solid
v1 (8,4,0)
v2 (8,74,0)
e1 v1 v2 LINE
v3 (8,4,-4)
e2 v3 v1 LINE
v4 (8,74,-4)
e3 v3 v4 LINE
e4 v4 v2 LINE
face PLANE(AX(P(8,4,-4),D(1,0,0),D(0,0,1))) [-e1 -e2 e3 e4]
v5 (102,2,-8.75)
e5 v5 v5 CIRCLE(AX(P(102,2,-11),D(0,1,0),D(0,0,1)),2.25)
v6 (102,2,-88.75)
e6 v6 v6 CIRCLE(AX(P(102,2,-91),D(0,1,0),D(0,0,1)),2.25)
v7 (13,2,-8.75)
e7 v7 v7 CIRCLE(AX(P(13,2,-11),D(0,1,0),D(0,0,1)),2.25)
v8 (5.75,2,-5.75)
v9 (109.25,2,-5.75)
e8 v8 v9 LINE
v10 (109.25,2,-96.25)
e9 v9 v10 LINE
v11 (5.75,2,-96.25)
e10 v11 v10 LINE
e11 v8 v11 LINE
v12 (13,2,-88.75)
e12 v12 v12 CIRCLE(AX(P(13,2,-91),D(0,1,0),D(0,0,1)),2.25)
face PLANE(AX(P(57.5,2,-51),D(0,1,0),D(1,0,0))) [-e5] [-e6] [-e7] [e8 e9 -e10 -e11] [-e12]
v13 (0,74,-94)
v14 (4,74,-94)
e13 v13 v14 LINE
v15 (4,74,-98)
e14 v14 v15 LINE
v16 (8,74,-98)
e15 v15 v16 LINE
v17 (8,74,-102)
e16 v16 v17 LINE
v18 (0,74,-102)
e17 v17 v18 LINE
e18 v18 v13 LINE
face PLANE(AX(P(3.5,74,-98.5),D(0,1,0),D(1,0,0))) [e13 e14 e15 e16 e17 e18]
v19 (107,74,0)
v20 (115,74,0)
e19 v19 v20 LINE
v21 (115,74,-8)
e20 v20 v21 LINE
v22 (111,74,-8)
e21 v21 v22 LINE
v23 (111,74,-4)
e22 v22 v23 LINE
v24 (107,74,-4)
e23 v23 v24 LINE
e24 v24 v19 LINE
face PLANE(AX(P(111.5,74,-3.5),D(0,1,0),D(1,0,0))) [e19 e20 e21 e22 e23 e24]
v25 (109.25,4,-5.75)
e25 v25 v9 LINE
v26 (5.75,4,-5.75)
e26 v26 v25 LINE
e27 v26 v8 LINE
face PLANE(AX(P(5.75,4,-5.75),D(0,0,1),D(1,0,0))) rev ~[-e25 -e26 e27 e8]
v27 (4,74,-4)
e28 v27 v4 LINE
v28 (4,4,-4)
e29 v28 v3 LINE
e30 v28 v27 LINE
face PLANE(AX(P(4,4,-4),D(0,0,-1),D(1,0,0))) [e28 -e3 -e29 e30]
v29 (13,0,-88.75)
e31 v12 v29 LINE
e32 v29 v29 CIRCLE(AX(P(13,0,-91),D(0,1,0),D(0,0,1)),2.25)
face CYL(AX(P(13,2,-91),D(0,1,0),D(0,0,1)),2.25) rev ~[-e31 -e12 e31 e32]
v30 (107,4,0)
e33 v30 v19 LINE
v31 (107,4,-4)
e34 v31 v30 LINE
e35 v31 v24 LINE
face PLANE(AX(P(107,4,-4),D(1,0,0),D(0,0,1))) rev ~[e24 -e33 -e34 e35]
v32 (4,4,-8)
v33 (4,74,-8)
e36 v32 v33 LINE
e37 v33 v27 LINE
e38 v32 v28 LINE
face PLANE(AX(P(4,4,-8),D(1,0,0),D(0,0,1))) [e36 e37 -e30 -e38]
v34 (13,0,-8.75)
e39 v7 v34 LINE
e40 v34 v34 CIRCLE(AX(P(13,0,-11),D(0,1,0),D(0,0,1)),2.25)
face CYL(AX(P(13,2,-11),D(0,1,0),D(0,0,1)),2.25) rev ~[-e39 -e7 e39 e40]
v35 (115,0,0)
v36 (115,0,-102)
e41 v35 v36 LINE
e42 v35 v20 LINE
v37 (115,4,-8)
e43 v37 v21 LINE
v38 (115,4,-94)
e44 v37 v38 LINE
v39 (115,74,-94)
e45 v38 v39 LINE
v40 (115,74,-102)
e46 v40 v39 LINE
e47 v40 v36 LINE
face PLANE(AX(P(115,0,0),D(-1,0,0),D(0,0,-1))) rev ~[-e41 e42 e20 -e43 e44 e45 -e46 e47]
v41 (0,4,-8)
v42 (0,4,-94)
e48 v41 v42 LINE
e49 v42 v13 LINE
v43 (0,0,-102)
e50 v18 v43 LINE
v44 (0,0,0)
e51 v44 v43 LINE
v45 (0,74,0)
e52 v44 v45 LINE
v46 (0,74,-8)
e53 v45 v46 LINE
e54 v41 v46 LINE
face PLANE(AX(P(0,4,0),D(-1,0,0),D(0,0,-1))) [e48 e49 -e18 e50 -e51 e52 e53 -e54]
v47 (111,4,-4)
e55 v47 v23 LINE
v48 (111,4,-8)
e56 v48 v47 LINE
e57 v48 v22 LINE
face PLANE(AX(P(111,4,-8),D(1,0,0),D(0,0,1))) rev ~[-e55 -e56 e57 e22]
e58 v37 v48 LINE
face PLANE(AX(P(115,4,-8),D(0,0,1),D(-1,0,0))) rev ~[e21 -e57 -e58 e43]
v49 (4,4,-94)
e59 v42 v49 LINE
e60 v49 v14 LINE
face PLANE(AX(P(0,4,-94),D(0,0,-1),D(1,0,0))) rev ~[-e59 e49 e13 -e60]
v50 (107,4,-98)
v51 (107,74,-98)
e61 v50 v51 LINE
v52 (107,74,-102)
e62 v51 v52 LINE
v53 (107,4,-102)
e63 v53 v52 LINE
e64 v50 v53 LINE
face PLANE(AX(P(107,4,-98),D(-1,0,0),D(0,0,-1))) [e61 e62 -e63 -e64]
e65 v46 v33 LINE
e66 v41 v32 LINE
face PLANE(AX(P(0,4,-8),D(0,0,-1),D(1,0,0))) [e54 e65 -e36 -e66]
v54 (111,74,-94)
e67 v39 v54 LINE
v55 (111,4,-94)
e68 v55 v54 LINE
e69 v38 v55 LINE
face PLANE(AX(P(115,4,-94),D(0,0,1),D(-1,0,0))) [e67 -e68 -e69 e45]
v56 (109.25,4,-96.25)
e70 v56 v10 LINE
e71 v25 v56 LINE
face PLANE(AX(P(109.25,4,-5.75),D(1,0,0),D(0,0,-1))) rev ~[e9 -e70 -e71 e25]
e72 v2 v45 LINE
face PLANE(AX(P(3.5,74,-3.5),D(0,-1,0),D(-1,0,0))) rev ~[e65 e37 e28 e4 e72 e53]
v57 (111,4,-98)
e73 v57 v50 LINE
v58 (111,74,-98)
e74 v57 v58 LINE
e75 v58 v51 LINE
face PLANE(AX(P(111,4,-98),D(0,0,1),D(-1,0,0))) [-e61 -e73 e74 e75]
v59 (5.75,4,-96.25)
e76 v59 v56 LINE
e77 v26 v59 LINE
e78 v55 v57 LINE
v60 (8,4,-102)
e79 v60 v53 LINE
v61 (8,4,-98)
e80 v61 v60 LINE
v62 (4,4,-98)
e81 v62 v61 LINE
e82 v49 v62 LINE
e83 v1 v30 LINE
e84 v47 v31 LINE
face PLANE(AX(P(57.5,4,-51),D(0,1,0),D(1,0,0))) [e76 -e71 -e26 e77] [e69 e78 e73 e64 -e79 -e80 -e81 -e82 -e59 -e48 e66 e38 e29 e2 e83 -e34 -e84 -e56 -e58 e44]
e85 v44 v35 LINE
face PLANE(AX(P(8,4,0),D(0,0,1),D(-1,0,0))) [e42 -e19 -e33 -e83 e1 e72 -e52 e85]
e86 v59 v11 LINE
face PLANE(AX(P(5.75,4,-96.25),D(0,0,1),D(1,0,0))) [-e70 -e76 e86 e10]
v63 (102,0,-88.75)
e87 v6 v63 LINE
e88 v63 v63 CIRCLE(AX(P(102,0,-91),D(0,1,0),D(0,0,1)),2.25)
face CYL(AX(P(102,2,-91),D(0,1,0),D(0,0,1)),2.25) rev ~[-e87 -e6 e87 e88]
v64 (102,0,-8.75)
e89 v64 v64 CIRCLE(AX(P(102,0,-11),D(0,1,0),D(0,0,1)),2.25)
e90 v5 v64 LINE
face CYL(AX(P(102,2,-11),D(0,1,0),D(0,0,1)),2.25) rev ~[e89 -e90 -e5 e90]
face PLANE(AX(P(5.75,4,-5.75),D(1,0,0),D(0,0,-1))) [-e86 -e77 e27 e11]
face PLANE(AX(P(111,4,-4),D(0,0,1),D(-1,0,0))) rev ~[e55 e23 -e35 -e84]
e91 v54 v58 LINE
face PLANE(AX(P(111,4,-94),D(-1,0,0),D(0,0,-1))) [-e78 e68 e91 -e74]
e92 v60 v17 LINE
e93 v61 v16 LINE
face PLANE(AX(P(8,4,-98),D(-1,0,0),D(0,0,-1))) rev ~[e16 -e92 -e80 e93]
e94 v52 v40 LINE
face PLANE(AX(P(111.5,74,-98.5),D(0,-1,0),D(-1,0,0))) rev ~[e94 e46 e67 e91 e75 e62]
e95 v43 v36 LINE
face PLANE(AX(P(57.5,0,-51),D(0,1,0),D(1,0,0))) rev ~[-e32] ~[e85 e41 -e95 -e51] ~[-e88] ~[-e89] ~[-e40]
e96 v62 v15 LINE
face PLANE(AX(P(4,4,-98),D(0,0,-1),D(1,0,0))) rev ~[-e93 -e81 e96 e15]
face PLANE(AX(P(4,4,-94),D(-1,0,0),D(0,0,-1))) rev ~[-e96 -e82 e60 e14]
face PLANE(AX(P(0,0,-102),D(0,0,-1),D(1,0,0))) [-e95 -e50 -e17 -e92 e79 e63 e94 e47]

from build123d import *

# Parameters (mm, degrees)
SKETCH1_W           = 115
SKETCH1_H           = 102
BOSS_EXTRUDE1_DEPTH = 4
SKETCH11_W          = 103.5
SKETCH11_H          = 90.5
CUT_EXTRUDE5_DEPTH  = 2
SKETCH16_R          = 2.25
CUT_EXTRUDE7_DEPTH  = 13
BOSS_EXTRUDE4_DEPTH = 70


with BuildPart() as part:
    # Sketch1 → Boss-Extrude1 (new body)
    with BuildSketch(Plane(origin=(0, 0, 0), x_dir=(1, 0, 0), z_dir=(0, 1, 0))):
        with Locations((57.5, 51)):
            Rectangle(SKETCH1_W, SKETCH1_H)
    extrude(amount=BOSS_EXTRUDE1_DEPTH)

    # Sketch11 → Cut-Extrude5 (cut)
    with BuildSketch(Plane(origin=(0, 4, 0), x_dir=(1, 0, 0), z_dir=(0, 1, 0))):
        with Locations((57.5, 51)):
            Rectangle(SKETCH11_W, SKETCH11_H)
    extrude(amount=-CUT_EXTRUDE5_DEPTH, mode=Mode.SUBTRACT)

    # Sketch16 → Cut-Extrude7 (cut)
    with BuildSketch(Plane(origin=(0, 2, 0), x_dir=(1, 0, 0), z_dir=(0, 1, 0))):
        with Locations(Location((13, 11, 0), (0, 0, 270))):
            Circle(SKETCH16_R)
        with Locations(Location((13, 91, 0), (0, 0, 270))):
            Circle(SKETCH16_R)
        with Locations(Location((102, 91, 0), (0, 0, 270))):
            Circle(SKETCH16_R)
        with Locations(Location((102, 11, 0), (0, 0, 270))):
            Circle(SKETCH16_R)
    extrude(amount=-CUT_EXTRUDE7_DEPTH, mode=Mode.SUBTRACT)

    # Sketch6 → Boss-Extrude4 (add)
    with BuildSketch(Plane(origin=(0, 4, 0), x_dir=(1, 0, 0), z_dir=(0, 1, 0))):
        Polygon((0, 0), (0, 8), (4, 8), (4, 4), (8, 4), (8, 0), align=None)
        Polygon((107, 0), (115, 0), (115, 8), (111, 8), (111, 4), (107, 4), align=None)
        Polygon((107, 102), (115, 102), (115, 94), (111, 94), (111, 98), (107, 98), align=None)
        Polygon((8, 102), (0, 102), (0, 94), (4, 94), (4, 98), (8, 98), align=None)
    extrude(amount=BOSS_EXTRUDE4_DEPTH)


solid = part.part
